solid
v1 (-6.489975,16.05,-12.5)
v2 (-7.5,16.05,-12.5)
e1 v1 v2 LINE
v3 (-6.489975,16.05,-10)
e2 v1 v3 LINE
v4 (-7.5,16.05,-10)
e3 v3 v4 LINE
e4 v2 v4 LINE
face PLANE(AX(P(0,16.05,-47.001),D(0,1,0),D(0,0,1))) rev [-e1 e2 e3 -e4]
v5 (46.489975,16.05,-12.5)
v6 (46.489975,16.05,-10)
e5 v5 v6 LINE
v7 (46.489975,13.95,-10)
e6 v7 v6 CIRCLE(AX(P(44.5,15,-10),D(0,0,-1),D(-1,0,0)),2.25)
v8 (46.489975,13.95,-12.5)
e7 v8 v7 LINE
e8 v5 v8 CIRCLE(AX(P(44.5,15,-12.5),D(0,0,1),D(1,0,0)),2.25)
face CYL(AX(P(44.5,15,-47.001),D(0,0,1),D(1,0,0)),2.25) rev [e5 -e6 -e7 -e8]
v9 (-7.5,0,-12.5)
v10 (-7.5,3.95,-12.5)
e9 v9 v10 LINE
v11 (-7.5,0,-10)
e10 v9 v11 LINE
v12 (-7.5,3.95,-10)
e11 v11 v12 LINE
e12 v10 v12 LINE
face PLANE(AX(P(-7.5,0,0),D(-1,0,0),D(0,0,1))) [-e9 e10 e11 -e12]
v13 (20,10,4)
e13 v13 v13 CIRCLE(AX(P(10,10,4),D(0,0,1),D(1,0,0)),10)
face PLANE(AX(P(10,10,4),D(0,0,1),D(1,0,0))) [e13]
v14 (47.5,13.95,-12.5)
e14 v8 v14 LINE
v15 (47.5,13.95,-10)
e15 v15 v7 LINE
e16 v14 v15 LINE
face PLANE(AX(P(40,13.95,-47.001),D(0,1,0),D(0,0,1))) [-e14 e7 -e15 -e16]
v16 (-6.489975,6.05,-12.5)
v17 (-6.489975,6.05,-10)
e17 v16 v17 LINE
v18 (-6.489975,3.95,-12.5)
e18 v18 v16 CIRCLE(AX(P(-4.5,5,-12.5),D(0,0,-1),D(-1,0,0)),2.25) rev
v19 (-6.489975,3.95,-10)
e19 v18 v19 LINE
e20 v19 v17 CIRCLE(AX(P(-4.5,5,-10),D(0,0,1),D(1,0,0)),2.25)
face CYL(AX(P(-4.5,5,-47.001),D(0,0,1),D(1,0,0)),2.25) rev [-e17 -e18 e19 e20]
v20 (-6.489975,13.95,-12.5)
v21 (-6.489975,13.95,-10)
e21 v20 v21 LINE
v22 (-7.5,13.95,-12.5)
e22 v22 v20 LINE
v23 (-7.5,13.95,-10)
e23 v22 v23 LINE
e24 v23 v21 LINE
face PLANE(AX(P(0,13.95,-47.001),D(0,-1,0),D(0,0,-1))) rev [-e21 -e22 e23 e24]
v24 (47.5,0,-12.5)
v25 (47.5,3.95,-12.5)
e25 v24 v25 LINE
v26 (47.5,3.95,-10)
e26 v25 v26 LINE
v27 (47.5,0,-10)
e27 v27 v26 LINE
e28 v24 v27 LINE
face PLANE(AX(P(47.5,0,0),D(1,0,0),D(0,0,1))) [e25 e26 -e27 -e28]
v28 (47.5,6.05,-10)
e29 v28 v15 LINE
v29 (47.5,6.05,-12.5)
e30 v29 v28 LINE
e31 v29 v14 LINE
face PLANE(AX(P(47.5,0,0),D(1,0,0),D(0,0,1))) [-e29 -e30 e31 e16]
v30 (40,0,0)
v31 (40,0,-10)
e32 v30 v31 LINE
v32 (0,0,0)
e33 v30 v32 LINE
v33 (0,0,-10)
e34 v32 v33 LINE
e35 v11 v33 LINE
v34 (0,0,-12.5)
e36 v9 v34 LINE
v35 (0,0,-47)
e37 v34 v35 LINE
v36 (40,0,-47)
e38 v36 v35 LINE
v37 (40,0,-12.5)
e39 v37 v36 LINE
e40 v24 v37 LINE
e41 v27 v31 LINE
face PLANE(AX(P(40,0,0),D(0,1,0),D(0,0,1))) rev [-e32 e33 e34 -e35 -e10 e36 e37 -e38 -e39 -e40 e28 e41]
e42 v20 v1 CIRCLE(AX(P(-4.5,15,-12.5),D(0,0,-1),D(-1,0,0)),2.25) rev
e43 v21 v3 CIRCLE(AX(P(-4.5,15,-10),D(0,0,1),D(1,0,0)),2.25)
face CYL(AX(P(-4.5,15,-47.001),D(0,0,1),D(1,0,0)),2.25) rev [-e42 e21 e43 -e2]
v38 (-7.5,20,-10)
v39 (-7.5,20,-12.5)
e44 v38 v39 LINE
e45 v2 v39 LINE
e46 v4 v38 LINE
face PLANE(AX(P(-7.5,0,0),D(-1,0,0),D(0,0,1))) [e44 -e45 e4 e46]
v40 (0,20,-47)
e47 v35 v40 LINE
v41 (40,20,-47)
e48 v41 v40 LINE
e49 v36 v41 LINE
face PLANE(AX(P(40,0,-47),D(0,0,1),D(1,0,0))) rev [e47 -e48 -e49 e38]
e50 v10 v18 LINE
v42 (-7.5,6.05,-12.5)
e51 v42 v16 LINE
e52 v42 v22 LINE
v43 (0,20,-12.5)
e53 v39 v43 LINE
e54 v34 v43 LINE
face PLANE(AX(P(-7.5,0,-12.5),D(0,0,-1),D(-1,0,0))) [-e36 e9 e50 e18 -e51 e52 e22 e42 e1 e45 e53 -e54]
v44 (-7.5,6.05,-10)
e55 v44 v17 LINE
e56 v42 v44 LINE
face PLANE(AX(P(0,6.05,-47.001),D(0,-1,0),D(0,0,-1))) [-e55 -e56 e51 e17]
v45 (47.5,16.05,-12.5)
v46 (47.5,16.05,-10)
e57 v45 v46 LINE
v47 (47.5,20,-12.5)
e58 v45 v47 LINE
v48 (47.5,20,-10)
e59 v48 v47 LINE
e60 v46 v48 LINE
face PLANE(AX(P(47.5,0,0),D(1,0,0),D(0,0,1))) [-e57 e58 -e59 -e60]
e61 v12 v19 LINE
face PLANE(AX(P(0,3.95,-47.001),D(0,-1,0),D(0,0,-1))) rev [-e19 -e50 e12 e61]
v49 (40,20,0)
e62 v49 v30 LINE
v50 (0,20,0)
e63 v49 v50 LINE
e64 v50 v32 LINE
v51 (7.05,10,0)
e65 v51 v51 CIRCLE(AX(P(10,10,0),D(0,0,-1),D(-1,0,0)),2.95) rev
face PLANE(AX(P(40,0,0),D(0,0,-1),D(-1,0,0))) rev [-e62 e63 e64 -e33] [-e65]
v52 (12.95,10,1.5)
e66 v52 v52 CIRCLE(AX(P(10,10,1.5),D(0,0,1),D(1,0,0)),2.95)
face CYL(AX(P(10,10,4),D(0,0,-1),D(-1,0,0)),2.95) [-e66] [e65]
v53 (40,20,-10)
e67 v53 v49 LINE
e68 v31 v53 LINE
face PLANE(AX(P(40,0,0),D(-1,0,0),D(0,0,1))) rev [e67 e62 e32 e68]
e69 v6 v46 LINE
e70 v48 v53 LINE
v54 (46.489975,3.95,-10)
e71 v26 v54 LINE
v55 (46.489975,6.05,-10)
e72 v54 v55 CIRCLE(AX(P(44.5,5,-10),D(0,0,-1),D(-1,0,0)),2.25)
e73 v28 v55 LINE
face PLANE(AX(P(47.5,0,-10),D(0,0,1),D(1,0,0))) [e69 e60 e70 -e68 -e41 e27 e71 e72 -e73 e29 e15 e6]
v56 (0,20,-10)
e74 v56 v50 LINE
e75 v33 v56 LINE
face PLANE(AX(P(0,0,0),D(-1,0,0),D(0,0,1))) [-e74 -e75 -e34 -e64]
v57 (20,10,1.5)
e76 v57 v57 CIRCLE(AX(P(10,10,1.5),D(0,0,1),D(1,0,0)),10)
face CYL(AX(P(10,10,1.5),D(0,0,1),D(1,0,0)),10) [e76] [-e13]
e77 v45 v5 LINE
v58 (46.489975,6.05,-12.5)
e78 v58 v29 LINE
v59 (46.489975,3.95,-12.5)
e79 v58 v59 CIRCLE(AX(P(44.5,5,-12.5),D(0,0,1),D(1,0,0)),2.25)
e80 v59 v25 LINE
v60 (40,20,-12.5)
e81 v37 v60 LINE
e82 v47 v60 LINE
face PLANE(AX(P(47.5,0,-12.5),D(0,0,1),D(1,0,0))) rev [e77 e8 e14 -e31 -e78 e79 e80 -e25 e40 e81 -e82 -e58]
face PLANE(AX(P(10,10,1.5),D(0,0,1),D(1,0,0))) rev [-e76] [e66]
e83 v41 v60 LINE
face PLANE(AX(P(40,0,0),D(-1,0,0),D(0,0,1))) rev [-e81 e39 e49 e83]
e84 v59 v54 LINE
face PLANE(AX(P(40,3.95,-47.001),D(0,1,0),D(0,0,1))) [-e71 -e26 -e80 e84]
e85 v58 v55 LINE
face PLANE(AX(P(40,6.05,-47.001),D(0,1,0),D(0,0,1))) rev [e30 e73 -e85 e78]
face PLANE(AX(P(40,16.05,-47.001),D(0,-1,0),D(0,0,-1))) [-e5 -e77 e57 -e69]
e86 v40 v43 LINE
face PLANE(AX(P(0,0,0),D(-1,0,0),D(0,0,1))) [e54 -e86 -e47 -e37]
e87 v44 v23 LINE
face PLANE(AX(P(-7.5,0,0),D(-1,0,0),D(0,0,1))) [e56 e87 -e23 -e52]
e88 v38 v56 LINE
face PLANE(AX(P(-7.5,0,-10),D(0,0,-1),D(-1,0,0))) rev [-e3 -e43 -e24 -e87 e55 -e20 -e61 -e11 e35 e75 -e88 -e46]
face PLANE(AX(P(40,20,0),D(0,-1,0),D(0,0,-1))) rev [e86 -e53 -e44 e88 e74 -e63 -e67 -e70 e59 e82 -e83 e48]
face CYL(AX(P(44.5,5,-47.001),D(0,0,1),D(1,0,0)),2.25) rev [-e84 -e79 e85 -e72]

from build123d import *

# Parameters (mm, degrees)
SKETCH1_W           = 47
SKETCH1_H           = 20
BOSS_EXTRUDE1_DEPTH = 40
SKETCH2_R           = 2.95
BOSS_EXTRUDE5_DEPTH = 4
SKETCH5_R           = 10
BOSS_EXTRUDE6_DEPTH = 2.5
SKETCH6_W           = 2.5
SKETCH6_H           = 20
BOSS_EXTRUDE7_DEPTH = 7.5
CUT_EXTRUDE1_REACH  = 60.043
SKETCH7_R           = 2.25


with BuildPart() as part:
    # Sketch1 → Boss-Extrude1 (new body)
    with BuildSketch(Plane(origin=(0, 0, 0), x_dir=(0, 0, -1), z_dir=(1, 0, 0))):
        with Locations((23.5, 10)):
            Rectangle(SKETCH1_W, SKETCH1_H)
    extrude(amount=BOSS_EXTRUDE1_DEPTH)

    # Sketch2 → Boss-Extrude5 (add)
    with BuildSketch(Plane.XY):
        with Locations(Location((10, 10, 0), (0, 0, 180))):
            Circle(SKETCH2_R)
    extrude(amount=BOSS_EXTRUDE5_DEPTH)

    # Sketch5 → Boss-Extrude6 (add)
    with BuildSketch(Plane.XY.offset(4)):
        with Locations((10, 10)):
            Circle(SKETCH5_R)
    extrude(amount=-BOSS_EXTRUDE6_DEPTH)

    # Sketch6 → Boss-Extrude7 (add)
    with BuildSketch(Plane.ZY):
        with Locations((-11.25, 10)):
            Rectangle(SKETCH6_W, SKETCH6_H)
    boss_extrude7 = extrude(amount=BOSS_EXTRUDE7_DEPTH)

    # Sketch7 → Cut-Extrude1 (cut, up to next)
    with BuildSketch(Plane.XY.offset(-10), mode=Mode.PRIVATE) as cut_extrude1_sk1:
        with Locations((-4.5, 15)):
            Circle(SKETCH7_R)
    cut_extrude1_tool1 = extrude(cut_extrude1_sk1.sketch, amount=-CUT_EXTRUDE1_REACH, mode=Mode.PRIVATE) & part.part
    # Sketch7 → Cut-Extrude1 (cut, up to next)
    with BuildSketch(Plane.XY.offset(-10), mode=Mode.PRIVATE) as cut_extrude1_sk2:
        with BuildLine():
            ThreePointArc((-6.489974874, 13.95), (-6.75, 15), (-6.489974874, 16.05))
            Line((-6.489974874, 16.05), (-7.5, 16.05))
            Line((-7.5, 16.05), (-7.5, 13.95))
            Line((-7.5, 13.95), (-6.489974874, 13.95))
        make_face()
    cut_extrude1_tool2 = extrude(cut_extrude1_sk2.sketch, amount=-CUT_EXTRUDE1_REACH, mode=Mode.PRIVATE) & part.part
    # Sketch7 → Cut-Extrude1 (cut, up to next)
    with BuildSketch(Plane.XY.offset(-10), mode=Mode.PRIVATE) as cut_extrude1_sk3:
        with Locations((-4.5, 5)):
            Circle(SKETCH7_R)
    cut_extrude1_tool3 = extrude(cut_extrude1_sk3.sketch, amount=-CUT_EXTRUDE1_REACH, mode=Mode.PRIVATE) & part.part
    # Sketch7 → Cut-Extrude1 (cut, up to next)
    with BuildSketch(Plane.XY.offset(-10), mode=Mode.PRIVATE) as cut_extrude1_sk4:
        with BuildLine():
            Line((-6.489974874, 6.05), (-7.5, 6.05))
            Line((-7.5, 6.05), (-7.5, 3.95))
            Line((-7.5, 3.95), (-6.489974874, 3.95))
            ThreePointArc((-6.489974874, 3.95), (-6.75, 5), (-6.489974874, 6.05))
        make_face()
    cut_extrude1_tool4 = extrude(cut_extrude1_sk4.sketch, amount=-CUT_EXTRUDE1_REACH, mode=Mode.PRIVATE) & part.part
    cut_extrude1_1 = cut_extrude1_tool1.solids().sort_by_distance((-4.5, 15, -10))[0]
    add(cut_extrude1_1, mode=Mode.SUBTRACT)
    cut_extrude1_2 = cut_extrude1_tool2.solids().sort_by_distance((-7.079182, 15, -10))[0]
    add(cut_extrude1_2, mode=Mode.SUBTRACT)
    cut_extrude1_3 = cut_extrude1_tool3.solids().sort_by_distance((-4.5, 5, -10))[0]
    add(cut_extrude1_3, mode=Mode.SUBTRACT)
    cut_extrude1_4 = cut_extrude1_tool4.solids().sort_by_distance((-7.079182, 5, -10))[0]
    add(cut_extrude1_4, mode=Mode.SUBTRACT)
    cut_extrude1 = cut_extrude1_1 + cut_extrude1_2 + cut_extrude1_3 + cut_extrude1_4  # Cut-Extrude1 as one shape, for the pattern or mirror that repeats it

    # Mirror1: Boss-Extrude7, Cut-Extrude1 across plane
    add(boss_extrude7.mirror(Plane(origin=(20, 0, 0), x_dir=(0, 0, 1), z_dir=(1, 0, 0))))
    add(cut_extrude1.mirror(Plane(origin=(20, 0, 0), x_dir=(0, 0, 1), z_dir=(1, 0, 0))), mode=Mode.SUBTRACT)


solid = part.part
